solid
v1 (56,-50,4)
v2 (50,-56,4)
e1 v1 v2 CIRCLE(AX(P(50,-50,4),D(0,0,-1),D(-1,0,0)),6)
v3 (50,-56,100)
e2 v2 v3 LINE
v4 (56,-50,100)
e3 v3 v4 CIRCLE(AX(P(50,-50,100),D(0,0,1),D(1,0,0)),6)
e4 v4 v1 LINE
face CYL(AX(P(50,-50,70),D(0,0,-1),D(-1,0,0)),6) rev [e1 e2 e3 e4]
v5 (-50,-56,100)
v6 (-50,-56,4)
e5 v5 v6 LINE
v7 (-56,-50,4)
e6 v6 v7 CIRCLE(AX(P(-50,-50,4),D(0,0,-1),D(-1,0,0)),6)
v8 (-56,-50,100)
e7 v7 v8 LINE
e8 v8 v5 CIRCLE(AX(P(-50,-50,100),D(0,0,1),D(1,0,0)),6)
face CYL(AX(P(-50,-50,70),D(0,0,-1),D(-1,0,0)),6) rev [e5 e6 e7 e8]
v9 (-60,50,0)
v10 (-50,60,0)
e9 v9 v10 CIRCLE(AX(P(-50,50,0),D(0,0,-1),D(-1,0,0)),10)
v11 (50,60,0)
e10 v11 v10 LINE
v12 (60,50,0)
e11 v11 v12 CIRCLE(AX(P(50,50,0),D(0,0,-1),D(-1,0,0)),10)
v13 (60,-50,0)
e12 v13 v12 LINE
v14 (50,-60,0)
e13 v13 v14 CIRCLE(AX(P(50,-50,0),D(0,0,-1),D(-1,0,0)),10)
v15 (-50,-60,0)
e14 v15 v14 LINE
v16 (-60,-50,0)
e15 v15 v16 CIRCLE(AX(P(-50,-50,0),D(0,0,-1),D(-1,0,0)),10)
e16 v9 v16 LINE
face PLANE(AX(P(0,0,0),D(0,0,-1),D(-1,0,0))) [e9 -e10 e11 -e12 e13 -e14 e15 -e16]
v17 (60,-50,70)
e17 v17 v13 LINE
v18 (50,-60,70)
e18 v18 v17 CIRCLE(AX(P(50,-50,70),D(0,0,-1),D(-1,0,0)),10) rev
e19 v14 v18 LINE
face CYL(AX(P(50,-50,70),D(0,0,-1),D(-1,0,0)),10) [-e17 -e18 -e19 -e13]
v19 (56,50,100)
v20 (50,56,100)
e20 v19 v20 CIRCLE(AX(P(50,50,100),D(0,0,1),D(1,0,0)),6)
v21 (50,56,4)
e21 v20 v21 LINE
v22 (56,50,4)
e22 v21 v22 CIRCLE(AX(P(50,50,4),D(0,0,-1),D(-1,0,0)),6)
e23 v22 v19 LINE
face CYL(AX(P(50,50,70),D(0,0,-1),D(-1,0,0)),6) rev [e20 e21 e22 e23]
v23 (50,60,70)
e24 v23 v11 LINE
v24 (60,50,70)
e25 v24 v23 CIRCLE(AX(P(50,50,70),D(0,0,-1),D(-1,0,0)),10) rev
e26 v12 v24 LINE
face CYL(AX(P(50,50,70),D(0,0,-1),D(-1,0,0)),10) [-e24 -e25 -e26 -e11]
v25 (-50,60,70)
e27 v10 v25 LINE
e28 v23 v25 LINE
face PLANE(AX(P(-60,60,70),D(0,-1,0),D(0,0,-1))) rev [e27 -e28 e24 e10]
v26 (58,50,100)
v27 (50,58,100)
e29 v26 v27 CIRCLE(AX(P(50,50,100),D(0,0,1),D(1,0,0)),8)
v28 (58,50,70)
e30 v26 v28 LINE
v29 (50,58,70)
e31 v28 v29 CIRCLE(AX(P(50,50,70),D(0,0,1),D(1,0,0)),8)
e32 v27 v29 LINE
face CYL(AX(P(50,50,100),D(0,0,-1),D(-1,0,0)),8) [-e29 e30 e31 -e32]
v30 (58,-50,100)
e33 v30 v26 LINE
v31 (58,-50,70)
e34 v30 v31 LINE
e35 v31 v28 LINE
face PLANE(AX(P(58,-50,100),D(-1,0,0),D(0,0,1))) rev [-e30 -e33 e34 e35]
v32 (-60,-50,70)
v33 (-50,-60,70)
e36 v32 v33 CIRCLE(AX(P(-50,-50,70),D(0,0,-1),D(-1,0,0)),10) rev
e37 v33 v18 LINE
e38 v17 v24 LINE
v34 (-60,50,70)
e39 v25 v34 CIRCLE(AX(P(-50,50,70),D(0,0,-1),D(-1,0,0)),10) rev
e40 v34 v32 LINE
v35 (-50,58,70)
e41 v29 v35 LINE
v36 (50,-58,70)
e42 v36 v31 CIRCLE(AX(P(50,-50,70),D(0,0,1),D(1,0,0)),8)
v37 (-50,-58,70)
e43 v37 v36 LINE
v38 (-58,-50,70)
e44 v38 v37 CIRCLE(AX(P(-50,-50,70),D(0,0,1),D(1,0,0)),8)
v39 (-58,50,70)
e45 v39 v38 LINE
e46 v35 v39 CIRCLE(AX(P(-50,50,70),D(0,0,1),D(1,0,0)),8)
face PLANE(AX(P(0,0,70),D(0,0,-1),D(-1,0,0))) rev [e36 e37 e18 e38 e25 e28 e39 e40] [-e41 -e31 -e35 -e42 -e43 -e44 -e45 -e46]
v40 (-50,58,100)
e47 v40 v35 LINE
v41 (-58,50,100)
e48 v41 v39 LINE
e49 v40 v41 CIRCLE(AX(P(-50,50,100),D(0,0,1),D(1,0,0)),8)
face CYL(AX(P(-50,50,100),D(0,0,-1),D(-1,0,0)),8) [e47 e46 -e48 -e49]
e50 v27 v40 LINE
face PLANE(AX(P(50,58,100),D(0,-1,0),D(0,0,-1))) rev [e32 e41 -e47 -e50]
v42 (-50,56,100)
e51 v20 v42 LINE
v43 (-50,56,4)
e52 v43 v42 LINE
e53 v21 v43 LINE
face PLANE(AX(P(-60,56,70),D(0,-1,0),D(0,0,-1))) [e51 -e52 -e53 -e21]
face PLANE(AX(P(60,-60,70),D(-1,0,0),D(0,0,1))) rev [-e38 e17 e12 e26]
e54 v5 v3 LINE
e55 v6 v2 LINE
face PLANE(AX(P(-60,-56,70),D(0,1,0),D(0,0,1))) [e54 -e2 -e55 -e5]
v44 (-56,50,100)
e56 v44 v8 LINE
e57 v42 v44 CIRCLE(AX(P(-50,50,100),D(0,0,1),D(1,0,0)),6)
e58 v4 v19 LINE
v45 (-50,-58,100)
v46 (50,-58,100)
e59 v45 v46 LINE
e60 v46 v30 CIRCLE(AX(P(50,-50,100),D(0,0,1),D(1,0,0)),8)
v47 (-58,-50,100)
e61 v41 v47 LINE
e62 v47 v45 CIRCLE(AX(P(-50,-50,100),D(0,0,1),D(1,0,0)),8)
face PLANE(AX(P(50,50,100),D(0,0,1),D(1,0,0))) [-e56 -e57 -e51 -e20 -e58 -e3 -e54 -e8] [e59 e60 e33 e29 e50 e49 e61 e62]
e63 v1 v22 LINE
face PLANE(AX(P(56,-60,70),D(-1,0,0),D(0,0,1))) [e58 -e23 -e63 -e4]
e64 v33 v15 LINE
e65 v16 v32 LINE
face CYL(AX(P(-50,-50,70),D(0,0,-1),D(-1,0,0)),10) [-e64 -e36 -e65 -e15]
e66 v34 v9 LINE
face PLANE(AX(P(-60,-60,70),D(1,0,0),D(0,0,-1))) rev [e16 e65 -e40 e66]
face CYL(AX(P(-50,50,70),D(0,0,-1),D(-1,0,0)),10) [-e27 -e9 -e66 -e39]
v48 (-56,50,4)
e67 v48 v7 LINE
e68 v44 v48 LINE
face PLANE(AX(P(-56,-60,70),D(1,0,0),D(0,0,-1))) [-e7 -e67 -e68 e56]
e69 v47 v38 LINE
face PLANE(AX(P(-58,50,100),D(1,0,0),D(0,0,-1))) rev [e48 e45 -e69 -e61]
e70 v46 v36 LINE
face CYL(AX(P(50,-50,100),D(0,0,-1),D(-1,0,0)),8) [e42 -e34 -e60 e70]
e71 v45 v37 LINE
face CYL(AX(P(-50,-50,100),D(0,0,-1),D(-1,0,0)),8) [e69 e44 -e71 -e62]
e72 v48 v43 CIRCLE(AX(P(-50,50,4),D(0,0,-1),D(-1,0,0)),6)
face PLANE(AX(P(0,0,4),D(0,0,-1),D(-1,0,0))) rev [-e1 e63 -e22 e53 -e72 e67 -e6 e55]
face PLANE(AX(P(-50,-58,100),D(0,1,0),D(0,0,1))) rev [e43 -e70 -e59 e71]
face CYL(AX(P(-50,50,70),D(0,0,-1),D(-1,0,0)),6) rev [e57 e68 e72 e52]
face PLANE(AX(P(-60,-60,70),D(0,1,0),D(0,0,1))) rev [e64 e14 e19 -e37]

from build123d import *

# Parameters (mm, degrees)
SKETCH1_W           = 120
SKETCH1_H           = 120
BOSS_EXTRUDE2_DEPTH = 70
FILLET1_R           = 10
SHELL2_T            = -4
BOSS_EXTRUDE3_DEPTH = 30
CUT_EXTRUDE9_DEPTH  = 30


with BuildPart() as part:
    # Sketch1 → Boss-Extrude2 (new body)
    with BuildSketch(Plane.XY):
        Rectangle(SKETCH1_W, SKETCH1_H)
    extrude(amount=BOSS_EXTRUDE2_DEPTH)

    # Fillet1
    fillet1_edges = [part.edges().sort_by_distance(p)[0] for p in [
        (60, -60, 35),
        (-60, -60, 35),
        (-60, 60, 35),
        (60, 60, 35),
    ]]
    fillet(fillet1_edges, radius=FILLET1_R)

    # Shell2
    shell2_openings = [part.faces().sort_by_distance(p)[0] for p in [
        (0, 0, 70),
    ]]
    offset(amount=SHELL2_T, openings=shell2_openings, kind=Kind.INTERSECTION)

    # Sketch12 → Boss-Extrude3 (add)
    with BuildSketch(Plane.XY.offset(70)):
        with BuildLine():
            Line((-58, 50), (-58, -50))
            ThreePointArc((-58, -50), (-55.656854249, -55.656854249), (-50, -58))
            Line((-50, -58), (50, -58))
            ThreePointArc((50, -58), (55.656854249, -55.656854249), (58, -50))
            Line((58, -50), (58, 50))
            ThreePointArc((58, 50), (55.656854249, 55.656854249), (50, 58))
            Line((50, 58), (-50, 58))
            ThreePointArc((-50, 58), (-55.656854249, 55.656854249), (-58, 50))
        make_face()
    extrude(amount=BOSS_EXTRUDE3_DEPTH)

    # Sketch14 → Cut-Extrude9 (cut)
    with BuildSketch(Plane.XY.offset(100)):
        with BuildLine():
            Line((50, 56), (-50, 56))
            ThreePointArc((-50, 56), (-54.242640687, 54.242640687), (-56, 50))
            Line((-56, 50), (-56, -50))
            ThreePointArc((-56, -50), (-54.242640687, -54.242640687), (-50, -56))
            Line((-50, -56), (50, -56))
            ThreePointArc((50, -56), (54.242640687, -54.242640687), (56, -50))
            Line((56, -50), (56, 50))
            ThreePointArc((56, 50), (54.242640687, 54.242640687), (50, 56))
        make_face()
    extrude(amount=-CUT_EXTRUDE9_DEPTH, mode=Mode.SUBTRACT)


solid = part.part
